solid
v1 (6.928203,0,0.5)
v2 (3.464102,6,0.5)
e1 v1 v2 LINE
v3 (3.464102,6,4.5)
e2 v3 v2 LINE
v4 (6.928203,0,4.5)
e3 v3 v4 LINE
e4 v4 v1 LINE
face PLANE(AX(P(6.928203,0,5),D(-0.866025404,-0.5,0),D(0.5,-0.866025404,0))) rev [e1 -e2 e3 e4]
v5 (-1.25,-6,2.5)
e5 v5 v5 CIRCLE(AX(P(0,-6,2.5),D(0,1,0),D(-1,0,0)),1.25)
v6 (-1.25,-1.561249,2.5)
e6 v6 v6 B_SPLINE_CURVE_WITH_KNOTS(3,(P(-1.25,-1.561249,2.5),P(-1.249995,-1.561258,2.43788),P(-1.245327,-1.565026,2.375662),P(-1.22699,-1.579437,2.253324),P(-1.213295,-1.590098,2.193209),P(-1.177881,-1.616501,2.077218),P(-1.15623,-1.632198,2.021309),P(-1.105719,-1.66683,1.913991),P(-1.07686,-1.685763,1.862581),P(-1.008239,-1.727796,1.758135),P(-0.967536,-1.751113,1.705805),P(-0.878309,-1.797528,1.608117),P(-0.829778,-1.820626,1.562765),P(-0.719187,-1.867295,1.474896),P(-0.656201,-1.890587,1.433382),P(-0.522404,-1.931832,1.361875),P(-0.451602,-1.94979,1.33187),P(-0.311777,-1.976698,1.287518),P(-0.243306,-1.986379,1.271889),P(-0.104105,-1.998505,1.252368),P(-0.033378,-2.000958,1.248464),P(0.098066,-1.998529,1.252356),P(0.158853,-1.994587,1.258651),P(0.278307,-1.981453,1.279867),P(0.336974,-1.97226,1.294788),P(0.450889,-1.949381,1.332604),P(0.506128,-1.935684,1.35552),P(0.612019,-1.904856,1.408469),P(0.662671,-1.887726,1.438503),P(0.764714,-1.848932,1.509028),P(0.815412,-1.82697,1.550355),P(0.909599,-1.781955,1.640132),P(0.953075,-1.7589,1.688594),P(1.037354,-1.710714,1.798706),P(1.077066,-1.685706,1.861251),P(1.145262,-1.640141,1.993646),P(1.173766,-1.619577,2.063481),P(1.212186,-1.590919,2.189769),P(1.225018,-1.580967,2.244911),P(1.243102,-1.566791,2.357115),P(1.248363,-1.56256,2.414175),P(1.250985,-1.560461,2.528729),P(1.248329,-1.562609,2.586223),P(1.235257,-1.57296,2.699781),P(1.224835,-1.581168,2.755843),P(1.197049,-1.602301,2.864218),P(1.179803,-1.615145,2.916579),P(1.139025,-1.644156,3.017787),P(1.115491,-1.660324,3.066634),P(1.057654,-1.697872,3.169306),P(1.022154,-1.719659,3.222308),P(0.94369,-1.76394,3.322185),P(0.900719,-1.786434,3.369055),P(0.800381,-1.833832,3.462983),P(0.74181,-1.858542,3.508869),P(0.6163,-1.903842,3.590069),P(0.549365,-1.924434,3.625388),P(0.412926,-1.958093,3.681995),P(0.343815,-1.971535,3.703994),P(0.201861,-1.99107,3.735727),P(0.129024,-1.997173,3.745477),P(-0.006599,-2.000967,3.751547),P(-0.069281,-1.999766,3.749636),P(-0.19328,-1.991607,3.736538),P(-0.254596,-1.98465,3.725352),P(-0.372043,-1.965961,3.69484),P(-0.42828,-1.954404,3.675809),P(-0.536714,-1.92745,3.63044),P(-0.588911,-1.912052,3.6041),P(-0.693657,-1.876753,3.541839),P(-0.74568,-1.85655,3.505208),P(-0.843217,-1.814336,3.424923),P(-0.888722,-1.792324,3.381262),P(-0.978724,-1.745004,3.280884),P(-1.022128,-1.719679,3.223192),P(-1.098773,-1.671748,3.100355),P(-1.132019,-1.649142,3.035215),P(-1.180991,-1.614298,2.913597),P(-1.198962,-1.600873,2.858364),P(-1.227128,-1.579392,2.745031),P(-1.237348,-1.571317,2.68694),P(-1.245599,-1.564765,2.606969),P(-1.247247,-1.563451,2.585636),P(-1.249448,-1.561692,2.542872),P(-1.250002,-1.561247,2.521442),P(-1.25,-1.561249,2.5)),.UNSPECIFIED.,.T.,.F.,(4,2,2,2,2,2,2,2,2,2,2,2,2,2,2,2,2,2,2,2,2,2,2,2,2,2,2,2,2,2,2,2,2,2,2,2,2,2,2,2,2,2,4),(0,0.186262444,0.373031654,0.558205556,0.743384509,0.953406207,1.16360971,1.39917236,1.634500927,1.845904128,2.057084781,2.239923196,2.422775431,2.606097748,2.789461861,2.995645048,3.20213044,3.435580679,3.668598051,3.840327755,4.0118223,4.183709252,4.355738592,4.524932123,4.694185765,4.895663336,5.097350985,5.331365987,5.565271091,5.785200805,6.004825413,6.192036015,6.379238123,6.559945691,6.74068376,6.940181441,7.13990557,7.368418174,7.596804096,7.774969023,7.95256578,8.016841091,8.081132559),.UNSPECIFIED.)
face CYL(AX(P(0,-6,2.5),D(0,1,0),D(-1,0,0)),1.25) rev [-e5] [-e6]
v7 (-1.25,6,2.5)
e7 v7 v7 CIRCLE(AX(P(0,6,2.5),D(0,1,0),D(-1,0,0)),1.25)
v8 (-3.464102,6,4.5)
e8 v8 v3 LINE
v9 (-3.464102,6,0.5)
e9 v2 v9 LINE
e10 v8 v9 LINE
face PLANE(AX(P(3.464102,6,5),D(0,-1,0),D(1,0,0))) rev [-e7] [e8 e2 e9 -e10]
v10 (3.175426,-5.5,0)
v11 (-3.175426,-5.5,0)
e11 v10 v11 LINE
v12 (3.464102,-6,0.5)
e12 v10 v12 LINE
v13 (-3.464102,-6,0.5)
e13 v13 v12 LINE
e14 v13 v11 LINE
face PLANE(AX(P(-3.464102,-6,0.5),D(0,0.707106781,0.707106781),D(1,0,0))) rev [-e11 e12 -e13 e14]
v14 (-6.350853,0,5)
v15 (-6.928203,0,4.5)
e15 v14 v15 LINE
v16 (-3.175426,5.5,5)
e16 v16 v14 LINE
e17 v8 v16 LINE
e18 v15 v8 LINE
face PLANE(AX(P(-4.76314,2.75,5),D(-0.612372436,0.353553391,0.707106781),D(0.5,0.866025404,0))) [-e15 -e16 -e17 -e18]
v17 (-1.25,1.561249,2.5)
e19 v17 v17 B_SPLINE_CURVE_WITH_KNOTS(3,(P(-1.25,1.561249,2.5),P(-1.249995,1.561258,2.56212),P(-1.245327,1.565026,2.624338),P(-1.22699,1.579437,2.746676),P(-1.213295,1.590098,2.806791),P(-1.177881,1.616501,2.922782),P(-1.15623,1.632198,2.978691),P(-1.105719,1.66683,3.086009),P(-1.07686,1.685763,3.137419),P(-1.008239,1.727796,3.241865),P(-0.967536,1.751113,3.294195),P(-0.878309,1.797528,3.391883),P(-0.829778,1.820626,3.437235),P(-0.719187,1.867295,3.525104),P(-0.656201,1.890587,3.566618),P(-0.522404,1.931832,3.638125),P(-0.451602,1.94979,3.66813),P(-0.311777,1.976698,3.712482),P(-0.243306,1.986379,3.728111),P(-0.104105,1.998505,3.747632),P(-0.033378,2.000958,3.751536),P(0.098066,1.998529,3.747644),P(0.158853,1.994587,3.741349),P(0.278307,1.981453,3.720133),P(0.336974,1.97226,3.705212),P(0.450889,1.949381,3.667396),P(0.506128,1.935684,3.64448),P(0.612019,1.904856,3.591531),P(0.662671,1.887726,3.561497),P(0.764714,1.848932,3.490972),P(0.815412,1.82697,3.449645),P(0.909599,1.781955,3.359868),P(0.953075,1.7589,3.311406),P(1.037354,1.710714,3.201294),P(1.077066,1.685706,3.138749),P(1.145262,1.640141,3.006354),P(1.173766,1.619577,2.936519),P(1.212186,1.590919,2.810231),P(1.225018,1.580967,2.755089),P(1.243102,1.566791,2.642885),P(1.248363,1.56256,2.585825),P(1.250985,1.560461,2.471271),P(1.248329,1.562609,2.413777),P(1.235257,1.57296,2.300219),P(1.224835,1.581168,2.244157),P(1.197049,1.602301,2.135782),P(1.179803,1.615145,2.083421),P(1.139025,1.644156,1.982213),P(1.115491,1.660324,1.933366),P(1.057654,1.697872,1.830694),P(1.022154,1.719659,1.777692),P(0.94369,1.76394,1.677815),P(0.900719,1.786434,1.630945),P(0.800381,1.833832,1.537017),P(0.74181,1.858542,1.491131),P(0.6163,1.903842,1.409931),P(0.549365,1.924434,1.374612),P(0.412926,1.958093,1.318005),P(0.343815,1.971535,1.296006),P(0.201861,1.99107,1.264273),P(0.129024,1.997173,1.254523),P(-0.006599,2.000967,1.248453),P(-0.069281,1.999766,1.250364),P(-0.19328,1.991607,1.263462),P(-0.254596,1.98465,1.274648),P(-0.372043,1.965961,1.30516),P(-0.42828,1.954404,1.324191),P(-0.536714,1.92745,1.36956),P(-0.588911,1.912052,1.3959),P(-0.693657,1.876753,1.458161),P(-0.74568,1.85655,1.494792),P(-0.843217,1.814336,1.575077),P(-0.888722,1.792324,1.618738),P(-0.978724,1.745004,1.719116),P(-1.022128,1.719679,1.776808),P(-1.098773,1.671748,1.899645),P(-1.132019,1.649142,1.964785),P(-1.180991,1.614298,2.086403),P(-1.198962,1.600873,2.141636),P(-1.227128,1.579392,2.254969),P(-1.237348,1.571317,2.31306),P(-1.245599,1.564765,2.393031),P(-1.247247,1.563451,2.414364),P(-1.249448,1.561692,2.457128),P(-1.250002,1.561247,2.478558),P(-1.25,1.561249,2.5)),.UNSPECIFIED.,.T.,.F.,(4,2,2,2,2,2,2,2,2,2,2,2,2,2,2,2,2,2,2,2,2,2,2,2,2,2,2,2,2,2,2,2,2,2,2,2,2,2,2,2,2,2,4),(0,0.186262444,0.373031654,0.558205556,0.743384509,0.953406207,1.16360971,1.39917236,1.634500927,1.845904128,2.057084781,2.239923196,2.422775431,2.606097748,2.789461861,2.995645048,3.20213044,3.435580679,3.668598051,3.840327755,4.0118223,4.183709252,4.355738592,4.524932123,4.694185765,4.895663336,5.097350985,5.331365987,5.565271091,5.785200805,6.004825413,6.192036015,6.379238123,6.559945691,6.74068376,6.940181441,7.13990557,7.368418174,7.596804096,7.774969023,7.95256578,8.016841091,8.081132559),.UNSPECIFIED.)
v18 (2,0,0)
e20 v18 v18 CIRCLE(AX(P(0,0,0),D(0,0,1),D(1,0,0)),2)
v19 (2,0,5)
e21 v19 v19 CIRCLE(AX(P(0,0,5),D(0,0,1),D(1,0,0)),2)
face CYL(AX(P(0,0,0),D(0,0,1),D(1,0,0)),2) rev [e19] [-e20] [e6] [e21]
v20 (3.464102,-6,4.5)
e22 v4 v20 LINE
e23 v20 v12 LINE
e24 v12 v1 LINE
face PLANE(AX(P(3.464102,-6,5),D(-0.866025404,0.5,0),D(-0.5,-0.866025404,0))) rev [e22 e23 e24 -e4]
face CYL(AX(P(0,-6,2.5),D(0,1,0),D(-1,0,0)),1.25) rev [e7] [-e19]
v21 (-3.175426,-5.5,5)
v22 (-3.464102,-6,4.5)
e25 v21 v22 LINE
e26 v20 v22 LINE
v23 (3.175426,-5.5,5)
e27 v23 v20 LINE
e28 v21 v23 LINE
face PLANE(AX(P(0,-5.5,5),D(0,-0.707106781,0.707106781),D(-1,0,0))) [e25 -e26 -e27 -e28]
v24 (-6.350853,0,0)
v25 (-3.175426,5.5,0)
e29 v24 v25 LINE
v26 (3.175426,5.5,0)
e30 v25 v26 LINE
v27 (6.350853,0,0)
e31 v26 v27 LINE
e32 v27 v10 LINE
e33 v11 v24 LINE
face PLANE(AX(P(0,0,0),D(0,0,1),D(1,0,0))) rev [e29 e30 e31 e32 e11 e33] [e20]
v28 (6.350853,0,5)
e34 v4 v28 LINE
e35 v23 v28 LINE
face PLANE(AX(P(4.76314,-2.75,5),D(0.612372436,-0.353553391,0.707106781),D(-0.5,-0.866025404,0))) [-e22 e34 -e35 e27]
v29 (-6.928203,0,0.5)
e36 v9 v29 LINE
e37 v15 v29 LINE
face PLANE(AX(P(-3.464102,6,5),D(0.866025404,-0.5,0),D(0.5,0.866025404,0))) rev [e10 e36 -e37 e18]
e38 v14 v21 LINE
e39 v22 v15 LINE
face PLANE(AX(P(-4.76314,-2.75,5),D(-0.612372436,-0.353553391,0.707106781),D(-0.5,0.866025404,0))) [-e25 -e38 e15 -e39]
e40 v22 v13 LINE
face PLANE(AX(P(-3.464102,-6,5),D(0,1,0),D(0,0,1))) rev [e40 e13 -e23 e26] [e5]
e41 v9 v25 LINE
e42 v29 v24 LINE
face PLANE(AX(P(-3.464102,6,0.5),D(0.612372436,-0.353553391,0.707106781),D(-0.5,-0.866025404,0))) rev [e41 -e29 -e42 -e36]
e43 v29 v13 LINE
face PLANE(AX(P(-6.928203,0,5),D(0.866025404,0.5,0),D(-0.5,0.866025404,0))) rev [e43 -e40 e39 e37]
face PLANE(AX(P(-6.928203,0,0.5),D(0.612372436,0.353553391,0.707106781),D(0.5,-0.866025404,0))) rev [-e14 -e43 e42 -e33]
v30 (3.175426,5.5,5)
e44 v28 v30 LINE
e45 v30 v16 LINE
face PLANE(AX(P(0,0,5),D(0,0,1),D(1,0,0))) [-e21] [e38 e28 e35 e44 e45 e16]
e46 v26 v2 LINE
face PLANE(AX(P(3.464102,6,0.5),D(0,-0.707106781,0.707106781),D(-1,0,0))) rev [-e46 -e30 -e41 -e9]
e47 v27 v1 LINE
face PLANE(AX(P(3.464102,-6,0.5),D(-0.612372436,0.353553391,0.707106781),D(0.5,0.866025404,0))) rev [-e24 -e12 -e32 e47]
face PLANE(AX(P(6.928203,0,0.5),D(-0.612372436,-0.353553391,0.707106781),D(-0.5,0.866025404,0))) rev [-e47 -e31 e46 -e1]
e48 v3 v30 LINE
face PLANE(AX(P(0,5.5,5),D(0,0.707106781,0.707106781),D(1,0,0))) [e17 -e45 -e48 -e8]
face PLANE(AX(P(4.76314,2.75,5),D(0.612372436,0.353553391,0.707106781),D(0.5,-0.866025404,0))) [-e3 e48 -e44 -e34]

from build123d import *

# Parameters (mm, degrees)
SALIENTE_EXTRUIR1_DEPTH = 5
CROQUIS2_R              = 2
CORTAR_EXTRUIR1_DEPTH   = 5
CHAFL_N1_SIZE           = 0.5
CROQUIS3_R              = 1.25
CORTAR_EXTRUIR2_DEPTH   = 13


with BuildPart() as part:
    # Croquis1 → Saliente-Extruir1 (new body)
    with BuildSketch(Plane.XY):
        Polygon((6.92820323, 0), (3.464101615, 6), (-3.464101615, 6), (-6.92820323, 0), (-3.464101615, -6), (3.464101615, -6), align=None)
    extrude(amount=SALIENTE_EXTRUIR1_DEPTH)

    # Croquis2 → Cortar-Extruir1 (cut)
    with BuildSketch(Plane.XY.offset(5)):
        Circle(CROQUIS2_R)
    extrude(amount=-CORTAR_EXTRUIR1_DEPTH, mode=Mode.SUBTRACT)

    # Chaflán1
    chafl_n1_edges = [part.edges().sort_by_distance(p)[0] for p in [
        (0, 6, 5),
        (-5.196152423, 3, 5),
        (-5.196152423, -3, 5),
        (0, -6, 5),
        (5.196152423, -3, 5),
        (0, -6, 0),
        (-5.196152423, -3, 0),
        (-5.196152423, 3, 0),
        (5.196152423, 3, 5),
        (0, 6, 0),
        (5.196152423, 3, 0),
        (5.196152423, -3, 0),
    ]]
    chamfer(chafl_n1_edges, length=CHAFL_N1_SIZE)

    # Croquis3 → Cortar-Extruir2 (cut, through all)
    with BuildSketch(Plane(origin=(0, 6, 0), x_dir=(1, 0, 0), z_dir=(0, 1, 0))):
        with Locations((0, -2.5)):
            Circle(CROQUIS3_R)
    extrude(amount=-CORTAR_EXTRUIR2_DEPTH, mode=Mode.SUBTRACT)


solid = part.part
